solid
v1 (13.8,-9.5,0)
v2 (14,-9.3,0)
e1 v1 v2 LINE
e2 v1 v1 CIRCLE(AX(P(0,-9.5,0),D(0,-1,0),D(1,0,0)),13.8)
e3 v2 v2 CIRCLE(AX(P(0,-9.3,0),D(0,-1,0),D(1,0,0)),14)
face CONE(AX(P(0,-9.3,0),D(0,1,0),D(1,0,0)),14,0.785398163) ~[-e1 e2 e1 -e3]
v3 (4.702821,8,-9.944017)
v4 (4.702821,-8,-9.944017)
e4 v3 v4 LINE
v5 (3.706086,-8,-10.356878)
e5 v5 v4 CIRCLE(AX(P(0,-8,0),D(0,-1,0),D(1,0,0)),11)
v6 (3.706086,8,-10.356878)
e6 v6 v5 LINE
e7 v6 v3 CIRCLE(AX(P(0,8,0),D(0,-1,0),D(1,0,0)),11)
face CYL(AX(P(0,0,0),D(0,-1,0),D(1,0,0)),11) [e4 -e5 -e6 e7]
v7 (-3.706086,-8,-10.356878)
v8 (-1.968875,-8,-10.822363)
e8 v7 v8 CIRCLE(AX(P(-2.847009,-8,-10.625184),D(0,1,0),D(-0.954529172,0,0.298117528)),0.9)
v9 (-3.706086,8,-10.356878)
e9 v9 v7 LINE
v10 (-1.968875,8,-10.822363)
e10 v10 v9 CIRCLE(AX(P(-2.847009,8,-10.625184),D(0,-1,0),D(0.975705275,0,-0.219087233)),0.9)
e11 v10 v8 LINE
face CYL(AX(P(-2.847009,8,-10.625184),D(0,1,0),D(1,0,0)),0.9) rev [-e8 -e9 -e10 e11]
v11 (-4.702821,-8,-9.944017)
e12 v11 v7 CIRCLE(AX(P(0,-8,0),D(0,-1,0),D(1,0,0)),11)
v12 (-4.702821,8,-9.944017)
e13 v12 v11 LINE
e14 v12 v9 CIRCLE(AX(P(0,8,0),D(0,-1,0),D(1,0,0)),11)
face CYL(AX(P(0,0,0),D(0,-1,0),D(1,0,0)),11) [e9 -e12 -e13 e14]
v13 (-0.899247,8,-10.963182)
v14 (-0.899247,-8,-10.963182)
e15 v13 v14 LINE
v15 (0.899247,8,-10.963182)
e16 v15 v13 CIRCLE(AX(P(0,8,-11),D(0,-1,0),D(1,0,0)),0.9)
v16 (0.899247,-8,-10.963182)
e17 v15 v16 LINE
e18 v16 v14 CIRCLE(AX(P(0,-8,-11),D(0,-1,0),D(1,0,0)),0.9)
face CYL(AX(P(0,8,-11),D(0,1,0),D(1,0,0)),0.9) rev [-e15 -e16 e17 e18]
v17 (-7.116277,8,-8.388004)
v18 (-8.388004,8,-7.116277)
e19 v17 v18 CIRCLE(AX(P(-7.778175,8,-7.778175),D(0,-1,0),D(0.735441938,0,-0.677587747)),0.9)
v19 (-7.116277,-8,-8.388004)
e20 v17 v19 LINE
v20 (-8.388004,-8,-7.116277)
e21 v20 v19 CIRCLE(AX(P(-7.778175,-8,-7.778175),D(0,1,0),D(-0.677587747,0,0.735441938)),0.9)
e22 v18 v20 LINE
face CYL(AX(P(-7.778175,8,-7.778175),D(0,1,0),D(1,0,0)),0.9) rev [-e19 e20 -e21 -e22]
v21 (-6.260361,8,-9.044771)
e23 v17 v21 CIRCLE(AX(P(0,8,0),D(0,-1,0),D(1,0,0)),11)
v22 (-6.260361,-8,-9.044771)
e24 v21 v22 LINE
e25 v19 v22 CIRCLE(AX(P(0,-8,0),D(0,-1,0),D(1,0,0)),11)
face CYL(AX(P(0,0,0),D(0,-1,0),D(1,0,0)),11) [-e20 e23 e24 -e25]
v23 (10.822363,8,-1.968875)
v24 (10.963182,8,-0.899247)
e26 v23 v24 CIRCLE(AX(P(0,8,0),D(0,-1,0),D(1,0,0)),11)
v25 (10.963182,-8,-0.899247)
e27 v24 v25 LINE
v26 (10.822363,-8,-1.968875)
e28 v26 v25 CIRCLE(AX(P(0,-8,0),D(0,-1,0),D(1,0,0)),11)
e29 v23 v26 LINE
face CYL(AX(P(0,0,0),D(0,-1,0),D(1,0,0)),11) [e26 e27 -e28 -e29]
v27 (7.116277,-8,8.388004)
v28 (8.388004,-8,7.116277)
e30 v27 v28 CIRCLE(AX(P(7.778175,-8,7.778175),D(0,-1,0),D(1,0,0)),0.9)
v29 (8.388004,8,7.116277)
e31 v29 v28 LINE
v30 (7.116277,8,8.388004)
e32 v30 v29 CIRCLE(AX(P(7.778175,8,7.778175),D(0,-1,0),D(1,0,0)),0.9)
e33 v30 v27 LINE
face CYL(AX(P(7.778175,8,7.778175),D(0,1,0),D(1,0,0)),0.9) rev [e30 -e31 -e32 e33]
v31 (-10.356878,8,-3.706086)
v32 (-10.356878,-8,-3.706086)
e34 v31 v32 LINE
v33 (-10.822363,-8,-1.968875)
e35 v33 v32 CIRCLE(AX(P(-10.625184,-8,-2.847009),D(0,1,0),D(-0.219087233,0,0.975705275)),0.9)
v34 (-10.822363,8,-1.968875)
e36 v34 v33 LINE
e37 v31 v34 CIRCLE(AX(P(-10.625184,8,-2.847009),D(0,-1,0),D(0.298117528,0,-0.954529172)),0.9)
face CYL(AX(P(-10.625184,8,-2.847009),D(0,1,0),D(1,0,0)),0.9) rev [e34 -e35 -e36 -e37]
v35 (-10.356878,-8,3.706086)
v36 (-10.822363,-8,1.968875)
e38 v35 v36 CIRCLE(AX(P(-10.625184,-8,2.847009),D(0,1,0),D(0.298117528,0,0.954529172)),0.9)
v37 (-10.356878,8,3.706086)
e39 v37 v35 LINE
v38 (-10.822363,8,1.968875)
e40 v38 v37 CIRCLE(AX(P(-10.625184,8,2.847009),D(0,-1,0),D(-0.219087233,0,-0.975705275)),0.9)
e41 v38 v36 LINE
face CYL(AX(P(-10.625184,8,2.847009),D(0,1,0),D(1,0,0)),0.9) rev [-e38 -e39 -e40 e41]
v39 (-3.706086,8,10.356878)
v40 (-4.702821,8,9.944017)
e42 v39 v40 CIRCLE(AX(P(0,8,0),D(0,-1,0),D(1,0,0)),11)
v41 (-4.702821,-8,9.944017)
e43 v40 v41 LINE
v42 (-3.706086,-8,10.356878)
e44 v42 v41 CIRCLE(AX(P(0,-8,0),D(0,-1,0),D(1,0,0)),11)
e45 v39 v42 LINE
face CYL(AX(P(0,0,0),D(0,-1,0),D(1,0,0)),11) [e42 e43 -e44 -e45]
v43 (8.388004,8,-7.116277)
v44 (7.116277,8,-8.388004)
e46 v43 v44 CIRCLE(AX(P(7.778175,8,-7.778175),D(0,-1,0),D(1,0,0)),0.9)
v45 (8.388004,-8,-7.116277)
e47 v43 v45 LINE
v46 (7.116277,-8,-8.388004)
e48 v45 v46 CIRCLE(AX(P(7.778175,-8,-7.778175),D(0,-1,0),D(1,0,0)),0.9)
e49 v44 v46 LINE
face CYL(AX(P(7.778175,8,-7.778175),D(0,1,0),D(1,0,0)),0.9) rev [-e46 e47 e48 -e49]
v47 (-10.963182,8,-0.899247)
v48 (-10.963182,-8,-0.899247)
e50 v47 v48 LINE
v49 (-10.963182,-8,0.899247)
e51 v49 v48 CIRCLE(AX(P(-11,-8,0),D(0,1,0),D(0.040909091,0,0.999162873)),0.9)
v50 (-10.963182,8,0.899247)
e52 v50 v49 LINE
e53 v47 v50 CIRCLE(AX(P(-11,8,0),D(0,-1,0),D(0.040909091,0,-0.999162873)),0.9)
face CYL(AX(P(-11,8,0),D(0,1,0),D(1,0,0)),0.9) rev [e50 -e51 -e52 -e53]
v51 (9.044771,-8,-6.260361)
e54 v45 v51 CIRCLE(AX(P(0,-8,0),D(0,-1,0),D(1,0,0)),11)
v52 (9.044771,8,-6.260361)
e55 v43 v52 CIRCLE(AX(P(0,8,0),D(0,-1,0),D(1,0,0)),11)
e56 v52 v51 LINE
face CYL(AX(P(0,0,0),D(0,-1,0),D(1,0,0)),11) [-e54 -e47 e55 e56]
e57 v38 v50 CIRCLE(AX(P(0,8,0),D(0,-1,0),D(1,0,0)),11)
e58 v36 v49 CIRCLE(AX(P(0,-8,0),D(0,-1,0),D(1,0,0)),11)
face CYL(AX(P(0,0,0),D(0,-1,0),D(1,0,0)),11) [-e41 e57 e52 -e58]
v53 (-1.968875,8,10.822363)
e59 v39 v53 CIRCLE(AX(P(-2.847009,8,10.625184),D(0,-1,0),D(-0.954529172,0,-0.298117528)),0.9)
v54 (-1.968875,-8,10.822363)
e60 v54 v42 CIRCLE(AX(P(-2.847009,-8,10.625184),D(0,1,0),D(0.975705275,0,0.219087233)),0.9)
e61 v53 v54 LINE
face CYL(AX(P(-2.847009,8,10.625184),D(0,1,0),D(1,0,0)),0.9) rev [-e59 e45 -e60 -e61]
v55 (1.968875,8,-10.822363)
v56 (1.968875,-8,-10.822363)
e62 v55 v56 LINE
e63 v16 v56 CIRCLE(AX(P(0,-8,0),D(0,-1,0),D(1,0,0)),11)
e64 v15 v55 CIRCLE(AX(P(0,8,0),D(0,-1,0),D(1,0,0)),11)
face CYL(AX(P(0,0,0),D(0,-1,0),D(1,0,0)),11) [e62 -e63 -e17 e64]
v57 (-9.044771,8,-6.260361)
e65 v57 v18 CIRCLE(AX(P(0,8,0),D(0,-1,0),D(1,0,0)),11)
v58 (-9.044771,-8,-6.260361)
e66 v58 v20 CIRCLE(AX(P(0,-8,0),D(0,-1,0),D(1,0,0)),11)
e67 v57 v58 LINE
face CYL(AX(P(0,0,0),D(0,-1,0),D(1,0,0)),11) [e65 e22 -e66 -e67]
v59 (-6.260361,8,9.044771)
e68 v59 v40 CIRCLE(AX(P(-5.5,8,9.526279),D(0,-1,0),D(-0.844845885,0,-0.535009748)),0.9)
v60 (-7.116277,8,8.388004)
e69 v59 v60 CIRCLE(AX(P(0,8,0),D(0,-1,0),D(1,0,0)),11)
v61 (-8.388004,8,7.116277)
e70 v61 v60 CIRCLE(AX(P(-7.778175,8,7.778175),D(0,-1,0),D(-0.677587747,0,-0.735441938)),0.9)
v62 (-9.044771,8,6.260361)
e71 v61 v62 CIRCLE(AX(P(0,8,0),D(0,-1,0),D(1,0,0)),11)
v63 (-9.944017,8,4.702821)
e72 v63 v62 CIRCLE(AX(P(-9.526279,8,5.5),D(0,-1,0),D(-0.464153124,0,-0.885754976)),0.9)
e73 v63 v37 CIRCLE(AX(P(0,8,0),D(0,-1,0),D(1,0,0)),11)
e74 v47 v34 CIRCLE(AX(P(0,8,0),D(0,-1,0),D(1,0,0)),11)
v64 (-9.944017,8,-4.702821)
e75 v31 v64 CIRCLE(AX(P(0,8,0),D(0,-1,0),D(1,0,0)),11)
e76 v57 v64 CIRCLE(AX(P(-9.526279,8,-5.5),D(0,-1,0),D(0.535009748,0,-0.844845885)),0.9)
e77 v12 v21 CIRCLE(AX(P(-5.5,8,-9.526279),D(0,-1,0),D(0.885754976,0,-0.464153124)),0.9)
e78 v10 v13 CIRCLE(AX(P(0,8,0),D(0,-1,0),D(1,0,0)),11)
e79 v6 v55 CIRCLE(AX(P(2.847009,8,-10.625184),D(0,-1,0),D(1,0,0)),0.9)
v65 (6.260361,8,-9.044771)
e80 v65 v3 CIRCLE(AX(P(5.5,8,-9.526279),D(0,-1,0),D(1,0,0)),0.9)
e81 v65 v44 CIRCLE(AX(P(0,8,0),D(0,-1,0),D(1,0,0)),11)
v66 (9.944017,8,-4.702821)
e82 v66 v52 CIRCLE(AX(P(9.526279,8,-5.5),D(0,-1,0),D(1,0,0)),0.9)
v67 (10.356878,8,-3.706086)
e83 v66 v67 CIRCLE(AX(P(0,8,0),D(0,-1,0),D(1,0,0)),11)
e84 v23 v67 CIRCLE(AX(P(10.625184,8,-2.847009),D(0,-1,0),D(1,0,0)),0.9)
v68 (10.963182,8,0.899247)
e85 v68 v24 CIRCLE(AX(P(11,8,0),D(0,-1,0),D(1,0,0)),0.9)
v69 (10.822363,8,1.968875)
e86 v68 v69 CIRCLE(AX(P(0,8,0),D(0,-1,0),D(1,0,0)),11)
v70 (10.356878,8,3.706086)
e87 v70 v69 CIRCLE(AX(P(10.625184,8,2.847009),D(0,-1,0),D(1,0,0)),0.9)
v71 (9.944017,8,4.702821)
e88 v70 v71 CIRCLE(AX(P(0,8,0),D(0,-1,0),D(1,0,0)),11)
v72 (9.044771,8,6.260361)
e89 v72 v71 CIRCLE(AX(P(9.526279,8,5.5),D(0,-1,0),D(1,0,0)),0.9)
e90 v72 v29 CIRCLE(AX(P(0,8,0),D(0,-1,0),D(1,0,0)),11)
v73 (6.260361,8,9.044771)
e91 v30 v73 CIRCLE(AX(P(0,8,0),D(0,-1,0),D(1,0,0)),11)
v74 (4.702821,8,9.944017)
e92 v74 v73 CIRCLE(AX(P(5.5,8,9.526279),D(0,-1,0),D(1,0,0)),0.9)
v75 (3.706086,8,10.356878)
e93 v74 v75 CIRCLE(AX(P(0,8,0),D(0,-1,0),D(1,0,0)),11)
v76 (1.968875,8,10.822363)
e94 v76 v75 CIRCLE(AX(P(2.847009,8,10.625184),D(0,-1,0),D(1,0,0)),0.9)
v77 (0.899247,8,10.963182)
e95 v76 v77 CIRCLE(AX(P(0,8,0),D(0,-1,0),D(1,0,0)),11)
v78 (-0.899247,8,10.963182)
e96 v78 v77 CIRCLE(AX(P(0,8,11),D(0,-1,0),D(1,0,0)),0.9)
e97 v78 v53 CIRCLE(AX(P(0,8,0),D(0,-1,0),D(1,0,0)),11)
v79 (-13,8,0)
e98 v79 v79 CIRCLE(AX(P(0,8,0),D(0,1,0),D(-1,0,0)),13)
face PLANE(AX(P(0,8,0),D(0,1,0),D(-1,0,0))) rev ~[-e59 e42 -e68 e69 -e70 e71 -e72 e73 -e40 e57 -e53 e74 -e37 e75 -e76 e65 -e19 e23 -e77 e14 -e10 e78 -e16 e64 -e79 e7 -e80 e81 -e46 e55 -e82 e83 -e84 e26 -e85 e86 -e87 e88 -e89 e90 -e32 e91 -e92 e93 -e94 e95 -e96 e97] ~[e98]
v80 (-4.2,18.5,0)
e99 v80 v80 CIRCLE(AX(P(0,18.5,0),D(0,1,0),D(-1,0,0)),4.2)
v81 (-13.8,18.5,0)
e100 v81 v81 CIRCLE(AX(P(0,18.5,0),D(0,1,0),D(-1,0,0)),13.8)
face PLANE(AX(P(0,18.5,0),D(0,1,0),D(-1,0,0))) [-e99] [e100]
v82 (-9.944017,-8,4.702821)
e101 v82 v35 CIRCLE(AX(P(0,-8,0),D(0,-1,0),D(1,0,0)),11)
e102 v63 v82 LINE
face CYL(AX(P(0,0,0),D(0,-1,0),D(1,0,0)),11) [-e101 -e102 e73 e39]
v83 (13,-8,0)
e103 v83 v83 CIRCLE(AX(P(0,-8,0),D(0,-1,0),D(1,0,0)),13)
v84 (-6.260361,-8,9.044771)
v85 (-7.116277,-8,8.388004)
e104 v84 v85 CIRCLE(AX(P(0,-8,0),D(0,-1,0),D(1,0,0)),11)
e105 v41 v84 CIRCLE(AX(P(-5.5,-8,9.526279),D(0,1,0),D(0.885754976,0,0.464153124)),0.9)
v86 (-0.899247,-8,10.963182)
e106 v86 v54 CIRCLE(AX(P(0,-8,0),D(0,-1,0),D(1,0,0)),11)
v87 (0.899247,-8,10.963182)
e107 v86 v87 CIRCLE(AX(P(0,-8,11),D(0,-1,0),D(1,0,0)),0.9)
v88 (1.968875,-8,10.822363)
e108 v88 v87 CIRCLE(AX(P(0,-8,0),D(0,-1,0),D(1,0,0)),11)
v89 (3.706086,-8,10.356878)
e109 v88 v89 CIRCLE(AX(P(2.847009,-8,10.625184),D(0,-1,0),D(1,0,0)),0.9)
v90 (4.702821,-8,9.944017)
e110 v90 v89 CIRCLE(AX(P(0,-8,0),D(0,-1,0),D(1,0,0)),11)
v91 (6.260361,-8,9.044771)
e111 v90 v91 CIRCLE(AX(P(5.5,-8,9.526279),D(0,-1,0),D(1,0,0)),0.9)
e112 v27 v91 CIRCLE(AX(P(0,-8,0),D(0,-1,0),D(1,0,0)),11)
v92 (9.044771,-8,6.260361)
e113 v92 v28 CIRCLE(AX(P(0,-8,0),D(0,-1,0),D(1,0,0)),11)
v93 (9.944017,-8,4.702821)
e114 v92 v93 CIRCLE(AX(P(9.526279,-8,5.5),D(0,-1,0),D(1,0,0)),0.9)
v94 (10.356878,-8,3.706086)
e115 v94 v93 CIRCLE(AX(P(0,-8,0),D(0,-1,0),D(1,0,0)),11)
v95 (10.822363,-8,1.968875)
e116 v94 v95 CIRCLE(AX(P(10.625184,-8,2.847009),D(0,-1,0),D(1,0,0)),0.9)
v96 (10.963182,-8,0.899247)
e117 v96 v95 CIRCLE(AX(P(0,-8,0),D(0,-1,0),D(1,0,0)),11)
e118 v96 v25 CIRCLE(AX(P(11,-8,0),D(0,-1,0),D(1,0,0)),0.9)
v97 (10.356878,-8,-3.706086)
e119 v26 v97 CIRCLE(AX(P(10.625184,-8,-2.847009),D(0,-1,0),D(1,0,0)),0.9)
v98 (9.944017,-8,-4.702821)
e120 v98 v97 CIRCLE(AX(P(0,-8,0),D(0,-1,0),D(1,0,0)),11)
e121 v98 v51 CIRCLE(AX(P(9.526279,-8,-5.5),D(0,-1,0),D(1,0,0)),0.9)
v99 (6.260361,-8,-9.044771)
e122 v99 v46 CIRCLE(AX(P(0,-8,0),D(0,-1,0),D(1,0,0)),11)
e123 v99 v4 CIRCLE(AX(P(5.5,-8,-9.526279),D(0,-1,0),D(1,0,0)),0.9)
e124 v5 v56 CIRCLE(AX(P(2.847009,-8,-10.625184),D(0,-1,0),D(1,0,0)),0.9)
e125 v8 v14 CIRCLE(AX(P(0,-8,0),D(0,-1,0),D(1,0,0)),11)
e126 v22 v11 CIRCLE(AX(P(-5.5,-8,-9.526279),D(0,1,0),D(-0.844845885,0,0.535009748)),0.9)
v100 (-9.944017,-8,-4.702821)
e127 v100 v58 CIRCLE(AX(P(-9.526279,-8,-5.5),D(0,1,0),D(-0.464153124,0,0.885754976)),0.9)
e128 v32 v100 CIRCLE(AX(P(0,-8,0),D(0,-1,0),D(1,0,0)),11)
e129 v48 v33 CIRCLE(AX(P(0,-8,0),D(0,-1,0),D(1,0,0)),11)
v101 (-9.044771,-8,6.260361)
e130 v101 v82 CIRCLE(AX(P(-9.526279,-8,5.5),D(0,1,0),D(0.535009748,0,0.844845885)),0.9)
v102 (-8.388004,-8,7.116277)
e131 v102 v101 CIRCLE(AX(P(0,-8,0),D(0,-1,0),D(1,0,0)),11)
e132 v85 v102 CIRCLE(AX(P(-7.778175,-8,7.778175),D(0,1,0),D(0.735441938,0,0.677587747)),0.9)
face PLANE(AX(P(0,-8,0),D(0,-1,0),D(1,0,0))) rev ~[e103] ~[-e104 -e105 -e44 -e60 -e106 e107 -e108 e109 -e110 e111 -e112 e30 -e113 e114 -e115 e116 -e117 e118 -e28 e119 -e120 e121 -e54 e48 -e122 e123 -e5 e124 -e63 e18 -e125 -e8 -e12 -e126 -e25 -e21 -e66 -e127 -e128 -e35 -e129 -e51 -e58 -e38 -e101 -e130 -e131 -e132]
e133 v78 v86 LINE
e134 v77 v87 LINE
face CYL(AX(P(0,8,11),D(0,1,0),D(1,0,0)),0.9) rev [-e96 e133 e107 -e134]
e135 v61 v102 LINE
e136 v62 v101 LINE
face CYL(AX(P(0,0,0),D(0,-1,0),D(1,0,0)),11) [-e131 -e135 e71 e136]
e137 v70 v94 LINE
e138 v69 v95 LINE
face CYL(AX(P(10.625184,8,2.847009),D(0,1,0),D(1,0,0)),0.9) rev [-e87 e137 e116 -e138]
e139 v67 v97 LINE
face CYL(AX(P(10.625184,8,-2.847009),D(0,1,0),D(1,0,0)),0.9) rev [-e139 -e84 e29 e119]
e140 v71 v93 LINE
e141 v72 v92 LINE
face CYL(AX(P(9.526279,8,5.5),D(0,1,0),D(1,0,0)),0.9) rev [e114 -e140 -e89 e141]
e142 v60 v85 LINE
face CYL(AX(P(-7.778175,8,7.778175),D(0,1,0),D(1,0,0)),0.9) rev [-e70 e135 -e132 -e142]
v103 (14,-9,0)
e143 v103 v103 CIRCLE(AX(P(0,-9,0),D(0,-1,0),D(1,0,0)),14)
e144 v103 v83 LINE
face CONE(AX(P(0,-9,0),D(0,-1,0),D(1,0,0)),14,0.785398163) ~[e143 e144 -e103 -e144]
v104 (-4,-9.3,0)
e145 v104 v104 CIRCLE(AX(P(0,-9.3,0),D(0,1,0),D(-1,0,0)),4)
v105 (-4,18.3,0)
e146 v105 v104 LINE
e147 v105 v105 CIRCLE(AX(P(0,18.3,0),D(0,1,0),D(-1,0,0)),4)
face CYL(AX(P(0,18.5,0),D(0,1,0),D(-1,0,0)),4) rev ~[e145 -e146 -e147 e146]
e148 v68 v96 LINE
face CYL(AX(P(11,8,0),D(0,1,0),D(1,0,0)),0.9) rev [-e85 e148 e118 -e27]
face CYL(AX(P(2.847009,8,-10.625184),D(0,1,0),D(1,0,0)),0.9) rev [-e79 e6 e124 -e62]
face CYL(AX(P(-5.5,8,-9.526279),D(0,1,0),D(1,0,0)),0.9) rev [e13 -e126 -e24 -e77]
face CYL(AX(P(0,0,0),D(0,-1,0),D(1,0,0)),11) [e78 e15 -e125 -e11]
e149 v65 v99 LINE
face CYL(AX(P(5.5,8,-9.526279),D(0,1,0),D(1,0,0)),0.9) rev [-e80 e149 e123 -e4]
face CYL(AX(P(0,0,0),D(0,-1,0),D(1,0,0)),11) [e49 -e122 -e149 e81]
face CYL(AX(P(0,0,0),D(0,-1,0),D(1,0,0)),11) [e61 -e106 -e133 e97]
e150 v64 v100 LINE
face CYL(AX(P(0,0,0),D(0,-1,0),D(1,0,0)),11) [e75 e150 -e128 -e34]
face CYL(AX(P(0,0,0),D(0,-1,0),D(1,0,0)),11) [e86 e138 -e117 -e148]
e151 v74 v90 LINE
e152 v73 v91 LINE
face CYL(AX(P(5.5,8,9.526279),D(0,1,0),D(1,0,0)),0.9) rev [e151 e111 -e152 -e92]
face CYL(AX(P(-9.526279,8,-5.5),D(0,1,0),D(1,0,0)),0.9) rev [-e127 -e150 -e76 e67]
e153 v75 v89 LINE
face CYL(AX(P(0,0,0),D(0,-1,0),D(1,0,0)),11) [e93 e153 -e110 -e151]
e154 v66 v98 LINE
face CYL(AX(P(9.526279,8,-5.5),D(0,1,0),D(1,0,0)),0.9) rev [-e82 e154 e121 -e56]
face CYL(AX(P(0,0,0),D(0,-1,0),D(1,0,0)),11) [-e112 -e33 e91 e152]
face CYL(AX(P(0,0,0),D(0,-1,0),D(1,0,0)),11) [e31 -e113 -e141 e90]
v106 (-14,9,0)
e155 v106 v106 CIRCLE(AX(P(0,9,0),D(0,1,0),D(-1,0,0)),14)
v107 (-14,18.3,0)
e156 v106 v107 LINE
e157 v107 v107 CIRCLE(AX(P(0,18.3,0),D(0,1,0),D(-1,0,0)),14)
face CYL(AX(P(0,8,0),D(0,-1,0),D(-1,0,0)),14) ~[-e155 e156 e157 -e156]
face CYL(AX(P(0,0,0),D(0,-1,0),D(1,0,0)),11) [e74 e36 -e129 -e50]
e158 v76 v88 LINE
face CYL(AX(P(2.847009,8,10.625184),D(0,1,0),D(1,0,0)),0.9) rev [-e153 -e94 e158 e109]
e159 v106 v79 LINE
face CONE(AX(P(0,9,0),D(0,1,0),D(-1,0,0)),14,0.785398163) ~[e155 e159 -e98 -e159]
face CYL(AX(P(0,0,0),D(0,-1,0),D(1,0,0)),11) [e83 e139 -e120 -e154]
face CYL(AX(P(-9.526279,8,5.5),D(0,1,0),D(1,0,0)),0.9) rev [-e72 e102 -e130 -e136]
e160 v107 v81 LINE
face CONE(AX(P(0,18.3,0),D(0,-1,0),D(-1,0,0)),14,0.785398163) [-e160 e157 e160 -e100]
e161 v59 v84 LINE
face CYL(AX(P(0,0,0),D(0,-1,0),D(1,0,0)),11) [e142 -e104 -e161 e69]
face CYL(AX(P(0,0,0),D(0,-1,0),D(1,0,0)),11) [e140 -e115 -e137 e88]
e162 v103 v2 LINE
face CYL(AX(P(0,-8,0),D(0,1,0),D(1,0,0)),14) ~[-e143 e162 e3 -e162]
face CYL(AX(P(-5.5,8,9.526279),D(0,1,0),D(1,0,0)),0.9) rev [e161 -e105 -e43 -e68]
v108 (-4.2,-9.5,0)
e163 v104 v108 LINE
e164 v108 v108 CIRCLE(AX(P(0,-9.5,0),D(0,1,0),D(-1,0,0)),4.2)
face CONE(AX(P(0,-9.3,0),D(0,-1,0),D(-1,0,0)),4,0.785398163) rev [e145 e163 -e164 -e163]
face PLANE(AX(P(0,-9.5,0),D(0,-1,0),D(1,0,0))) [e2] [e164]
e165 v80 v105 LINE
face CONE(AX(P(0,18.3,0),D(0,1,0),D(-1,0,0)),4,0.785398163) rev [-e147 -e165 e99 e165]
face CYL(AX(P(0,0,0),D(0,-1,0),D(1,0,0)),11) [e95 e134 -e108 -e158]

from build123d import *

# Parameters (mm, degrees)
F0_R     = 11
F1_DEPTH = 8
F2_R     = 14
F3_DEPTH = 1.5
F4_R     = 14
F5_DEPTH = 10.5
F6_R     = 4
F7_DEPTH = 28.001
F8_R     = 0.9
F9_DEPTH = 16
F10_SIZE = 1
F11_SIZE = 0.2


with BuildPart() as f1:
    # F0 (on Front) → F1 (new body, symmetric)
    with BuildSketch(Plane.XZ):
        Circle(F0_R)
    extrude(amount=F1_DEPTH, both=True)

    # F2 (on face) → F3 (join)
    with BuildSketch(Plane.XZ.offset(8)):
        Circle(F2_R)
    extrude(amount=F3_DEPTH)

    # F4 (on face) → F5 (join)
    with BuildSketch(Plane(origin=(0, 8, 0), x_dir=(-1, 0, 0), z_dir=(0, 1, 0))):
        Circle(F4_R)
    extrude(amount=F5_DEPTH)

    # F6 (on face) → F7 (cut, through all)
    with BuildSketch(Plane(origin=(0, 18.5, 0), x_dir=(-1, 0, 0), z_dir=(0, 1, 0))):
        Circle(F6_R)
    extrude(amount=-F7_DEPTH, mode=Mode.SUBTRACT)

    # F8 (on face) → F9 (cut, through all)
    with BuildSketch(Plane.XZ.offset(-8)):
        with Locations((0, 11)):
            Circle(F8_R)
        with Locations((-2.8470094961, 10.6251840892)):
            Circle(F8_R)
        with Locations((-5.5, 9.5262794416)):
            Circle(F8_R)
        with Locations((-7.7781745931, 7.7781745931)):
            Circle(F8_R)
        with Locations((-9.5262794416, 5.5)):
            Circle(F8_R)
        with Locations((-10.6251840892, 2.8470094961)):
            Circle(F8_R)
        with Locations((-11, 0)):
            Circle(F8_R)
        with Locations((-10.6251840892, -2.8470094961)):
            Circle(F8_R)
        with Locations((-9.5262794416, -5.5)):
            Circle(F8_R)
        with Locations((-7.7781745931, -7.7781745931)):
            Circle(F8_R)
        with Locations((-5.5, -9.5262794416)):
            Circle(F8_R)
        with Locations((-2.8470094961, -10.6251840892)):
            Circle(F8_R)
        with Locations((0, -11)):
            Circle(F8_R)
        with Locations((2.8470094961, -10.6251840892)):
            Circle(F8_R)
        with Locations((5.5, -9.5262794416)):
            Circle(F8_R)
        with Locations((7.7781745931, -7.7781745931)):
            Circle(F8_R)
        with Locations((9.5262794416, -5.5)):
            Circle(F8_R)
        with Locations((10.6251840892, -2.8470094961)):
            Circle(F8_R)
        with Locations((11, 0)):
            Circle(F8_R)
        with Locations((10.6251840892, 2.8470094961)):
            Circle(F8_R)
        with Locations((9.5262794416, 5.5)):
            Circle(F8_R)
        with Locations((7.7781745931, 7.7781745931)):
            Circle(F8_R)
        with Locations((5.5, 9.5262794416)):
            Circle(F8_R)
        with Locations((2.8470094961, 10.6251840892)):
            Circle(F8_R)
    extrude(amount=F9_DEPTH, mode=Mode.SUBTRACT)

    # F10
    f10_edges = [f1.edges().sort_by_distance(p)[0] for p in [
        (-14, -8, 0),
        (14, 8, 0),
    ]]
    chamfer(f10_edges, length=F10_SIZE)

    # F11
    f11_edges = [f1.edges().sort_by_distance(p)[0] for p in [
        (-14, -9.5, 0),
        (4, -9.5, 0),
        (14, 18.5, 0),
        (4, 18.5, 0),
    ]]
    chamfer(f11_edges, length=F11_SIZE)


solid = f1.part
